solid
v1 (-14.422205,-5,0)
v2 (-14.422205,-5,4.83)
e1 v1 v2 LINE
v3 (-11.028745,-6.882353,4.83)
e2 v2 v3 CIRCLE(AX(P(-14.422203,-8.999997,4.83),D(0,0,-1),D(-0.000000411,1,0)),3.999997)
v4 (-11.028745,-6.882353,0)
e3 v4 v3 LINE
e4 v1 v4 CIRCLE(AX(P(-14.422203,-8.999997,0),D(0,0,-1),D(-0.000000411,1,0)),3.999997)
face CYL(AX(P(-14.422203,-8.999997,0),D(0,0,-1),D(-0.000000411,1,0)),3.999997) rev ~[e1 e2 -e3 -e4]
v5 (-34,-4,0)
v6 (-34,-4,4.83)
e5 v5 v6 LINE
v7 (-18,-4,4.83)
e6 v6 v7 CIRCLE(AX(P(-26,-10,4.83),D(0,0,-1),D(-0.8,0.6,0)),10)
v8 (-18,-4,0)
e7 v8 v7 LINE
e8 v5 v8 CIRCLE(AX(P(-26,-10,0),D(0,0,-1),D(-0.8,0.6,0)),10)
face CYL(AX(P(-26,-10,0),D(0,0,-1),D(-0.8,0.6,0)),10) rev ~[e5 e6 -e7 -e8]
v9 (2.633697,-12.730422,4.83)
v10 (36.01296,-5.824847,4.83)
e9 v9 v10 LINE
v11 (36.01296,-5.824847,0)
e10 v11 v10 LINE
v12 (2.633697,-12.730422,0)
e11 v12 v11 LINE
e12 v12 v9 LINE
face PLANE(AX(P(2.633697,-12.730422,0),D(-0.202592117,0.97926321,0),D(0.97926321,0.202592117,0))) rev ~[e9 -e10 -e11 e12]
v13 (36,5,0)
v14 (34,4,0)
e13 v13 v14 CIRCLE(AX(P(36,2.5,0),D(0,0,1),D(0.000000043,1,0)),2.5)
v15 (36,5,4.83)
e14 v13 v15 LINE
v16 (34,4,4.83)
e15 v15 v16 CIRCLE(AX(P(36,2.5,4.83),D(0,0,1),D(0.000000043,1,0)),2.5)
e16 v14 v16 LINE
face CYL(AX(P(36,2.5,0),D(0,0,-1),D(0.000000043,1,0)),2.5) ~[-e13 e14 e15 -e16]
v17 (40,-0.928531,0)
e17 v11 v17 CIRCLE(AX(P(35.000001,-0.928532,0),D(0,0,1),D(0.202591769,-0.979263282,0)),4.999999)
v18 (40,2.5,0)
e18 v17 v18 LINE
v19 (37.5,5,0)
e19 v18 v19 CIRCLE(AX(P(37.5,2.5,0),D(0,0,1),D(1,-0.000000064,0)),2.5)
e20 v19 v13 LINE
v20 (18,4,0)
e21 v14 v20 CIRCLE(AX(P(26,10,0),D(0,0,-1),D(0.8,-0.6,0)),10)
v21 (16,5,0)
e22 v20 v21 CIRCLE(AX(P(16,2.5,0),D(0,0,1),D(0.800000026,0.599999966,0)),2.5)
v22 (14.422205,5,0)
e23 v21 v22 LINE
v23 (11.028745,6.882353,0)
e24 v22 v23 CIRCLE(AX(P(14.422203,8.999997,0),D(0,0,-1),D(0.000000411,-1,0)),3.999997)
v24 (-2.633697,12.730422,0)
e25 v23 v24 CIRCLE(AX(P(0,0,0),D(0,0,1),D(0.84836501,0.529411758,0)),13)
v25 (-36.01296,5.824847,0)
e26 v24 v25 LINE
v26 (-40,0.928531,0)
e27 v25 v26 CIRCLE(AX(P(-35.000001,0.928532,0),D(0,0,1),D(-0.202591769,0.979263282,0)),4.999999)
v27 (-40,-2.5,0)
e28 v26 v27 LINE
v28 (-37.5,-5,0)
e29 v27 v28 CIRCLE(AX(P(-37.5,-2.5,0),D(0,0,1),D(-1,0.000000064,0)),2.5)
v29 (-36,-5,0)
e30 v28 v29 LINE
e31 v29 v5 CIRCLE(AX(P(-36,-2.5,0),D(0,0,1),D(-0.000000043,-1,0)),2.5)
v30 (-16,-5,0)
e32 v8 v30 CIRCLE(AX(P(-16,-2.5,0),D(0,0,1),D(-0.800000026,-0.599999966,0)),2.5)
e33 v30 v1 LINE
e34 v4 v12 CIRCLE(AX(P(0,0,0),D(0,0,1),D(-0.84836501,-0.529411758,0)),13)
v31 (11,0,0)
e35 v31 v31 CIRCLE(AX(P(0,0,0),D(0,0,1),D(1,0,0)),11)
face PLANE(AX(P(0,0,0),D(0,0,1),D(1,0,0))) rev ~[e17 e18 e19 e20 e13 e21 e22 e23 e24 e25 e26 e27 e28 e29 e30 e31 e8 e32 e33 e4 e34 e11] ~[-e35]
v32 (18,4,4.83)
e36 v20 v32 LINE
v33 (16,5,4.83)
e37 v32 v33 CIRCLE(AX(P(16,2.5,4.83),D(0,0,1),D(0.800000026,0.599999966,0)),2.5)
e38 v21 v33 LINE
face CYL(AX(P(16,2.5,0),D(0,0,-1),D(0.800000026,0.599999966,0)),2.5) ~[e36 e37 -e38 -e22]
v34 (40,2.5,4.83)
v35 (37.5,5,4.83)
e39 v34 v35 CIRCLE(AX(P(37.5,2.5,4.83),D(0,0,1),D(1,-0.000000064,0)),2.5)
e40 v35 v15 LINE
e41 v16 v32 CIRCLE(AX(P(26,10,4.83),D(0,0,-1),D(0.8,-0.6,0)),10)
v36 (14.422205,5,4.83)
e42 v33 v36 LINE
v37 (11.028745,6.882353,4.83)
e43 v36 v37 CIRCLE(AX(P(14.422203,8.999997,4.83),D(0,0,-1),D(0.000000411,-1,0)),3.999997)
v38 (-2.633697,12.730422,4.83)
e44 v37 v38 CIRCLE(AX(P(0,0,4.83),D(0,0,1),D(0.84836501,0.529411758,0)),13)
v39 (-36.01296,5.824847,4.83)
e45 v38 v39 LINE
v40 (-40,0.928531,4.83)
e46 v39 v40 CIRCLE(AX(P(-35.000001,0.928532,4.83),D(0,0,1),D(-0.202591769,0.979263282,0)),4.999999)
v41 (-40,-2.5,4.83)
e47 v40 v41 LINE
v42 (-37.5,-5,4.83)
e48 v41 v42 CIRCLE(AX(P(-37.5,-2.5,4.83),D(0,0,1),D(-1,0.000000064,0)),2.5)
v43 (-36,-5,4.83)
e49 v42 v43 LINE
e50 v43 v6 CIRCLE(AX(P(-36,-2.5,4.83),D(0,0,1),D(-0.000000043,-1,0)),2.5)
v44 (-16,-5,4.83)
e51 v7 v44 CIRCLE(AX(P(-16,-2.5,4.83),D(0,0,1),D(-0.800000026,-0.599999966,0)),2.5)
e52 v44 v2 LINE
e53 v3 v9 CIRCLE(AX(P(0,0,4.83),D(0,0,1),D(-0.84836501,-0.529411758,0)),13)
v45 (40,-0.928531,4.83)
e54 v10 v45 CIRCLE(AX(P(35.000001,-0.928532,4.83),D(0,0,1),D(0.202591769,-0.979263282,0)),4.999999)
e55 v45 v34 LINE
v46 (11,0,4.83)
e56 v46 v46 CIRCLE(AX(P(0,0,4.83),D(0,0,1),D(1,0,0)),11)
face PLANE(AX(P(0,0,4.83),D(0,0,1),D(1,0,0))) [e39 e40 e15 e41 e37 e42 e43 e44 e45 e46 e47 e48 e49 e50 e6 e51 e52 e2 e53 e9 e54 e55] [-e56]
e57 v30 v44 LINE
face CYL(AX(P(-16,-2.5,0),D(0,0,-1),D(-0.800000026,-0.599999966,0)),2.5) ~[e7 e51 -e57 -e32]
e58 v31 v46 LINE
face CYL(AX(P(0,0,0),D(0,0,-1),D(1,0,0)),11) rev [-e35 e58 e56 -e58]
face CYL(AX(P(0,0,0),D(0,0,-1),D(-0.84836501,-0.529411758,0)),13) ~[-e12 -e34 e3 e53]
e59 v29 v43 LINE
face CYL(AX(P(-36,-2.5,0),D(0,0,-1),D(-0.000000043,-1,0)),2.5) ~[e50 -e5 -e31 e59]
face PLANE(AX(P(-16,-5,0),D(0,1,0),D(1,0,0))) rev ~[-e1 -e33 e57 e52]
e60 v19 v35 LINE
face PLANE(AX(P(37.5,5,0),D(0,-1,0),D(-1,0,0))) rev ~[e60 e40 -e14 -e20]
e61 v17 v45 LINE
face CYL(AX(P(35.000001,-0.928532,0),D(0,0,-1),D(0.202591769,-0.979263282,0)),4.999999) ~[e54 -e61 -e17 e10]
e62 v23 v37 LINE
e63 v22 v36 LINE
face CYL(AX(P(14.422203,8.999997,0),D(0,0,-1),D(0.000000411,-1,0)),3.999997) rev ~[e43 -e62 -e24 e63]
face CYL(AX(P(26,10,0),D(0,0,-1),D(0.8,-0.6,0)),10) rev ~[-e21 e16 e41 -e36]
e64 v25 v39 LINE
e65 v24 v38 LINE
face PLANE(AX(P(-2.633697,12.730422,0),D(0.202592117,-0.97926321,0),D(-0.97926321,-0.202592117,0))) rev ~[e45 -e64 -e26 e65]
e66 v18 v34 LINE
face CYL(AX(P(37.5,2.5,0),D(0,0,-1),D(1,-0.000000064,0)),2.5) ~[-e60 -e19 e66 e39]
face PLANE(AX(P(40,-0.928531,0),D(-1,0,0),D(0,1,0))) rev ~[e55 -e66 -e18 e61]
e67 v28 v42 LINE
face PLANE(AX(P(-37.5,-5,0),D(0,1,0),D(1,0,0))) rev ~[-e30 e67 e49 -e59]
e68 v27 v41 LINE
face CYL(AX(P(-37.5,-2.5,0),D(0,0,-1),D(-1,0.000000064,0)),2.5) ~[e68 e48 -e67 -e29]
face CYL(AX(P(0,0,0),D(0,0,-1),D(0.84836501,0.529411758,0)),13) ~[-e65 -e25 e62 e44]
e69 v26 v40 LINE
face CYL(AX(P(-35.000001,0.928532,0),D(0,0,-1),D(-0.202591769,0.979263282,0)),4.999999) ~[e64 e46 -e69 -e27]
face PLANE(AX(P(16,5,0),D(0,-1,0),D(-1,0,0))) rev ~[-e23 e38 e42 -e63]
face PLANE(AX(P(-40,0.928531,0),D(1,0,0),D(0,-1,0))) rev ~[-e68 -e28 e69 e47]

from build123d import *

# Parameters (mm, degrees)
F0_R     = 11
F1_DEPTH = 4.83


with BuildPart() as f1:
    # F0 (on Top) → F1 (new body)
    with BuildSketch(Plane.XY):
        with BuildLine():
            ThreePointArc((-14.422205, -5), (-12.48192, -5.502101), (-11.028745, -6.882353))
            ThreePointArc((-11.028745, -6.882353), (-5.115582, -11.951185), (2.633697, -12.730422))
            Line((2.633697, -12.730422), (36.01296, -5.824847))
            ThreePointArc((36.01296, -5.824847), (38.877164, -4.085682), (40, -0.928531))
            Line((40, -0.928531), (40, 2.5))
            ThreePointArc((40, 2.5), (39.267767, 4.267767), (37.5, 5))
            Line((37.5, 5), (36, 5))
            ThreePointArc((36, 5), (34.881966, 4.736068), (34, 4))
            ThreePointArc((34, 4), (26, 0), (18, 4))
            ThreePointArc((18, 4), (17.118034, 4.736068), (16, 5))
            Line((16, 5), (14.422205, 5))
            ThreePointArc((14.422205, 5), (12.48192, 5.502101), (11.028745, 6.882353))
            ThreePointArc((11.028745, 6.882353), (5.115582, 11.951185), (-2.633697, 12.730422))
            Line((-2.633697, 12.730422), (-36.01296, 5.824847))
            ThreePointArc((-36.01296, 5.824847), (-38.877164, 4.085682), (-40, 0.928531))
            Line((-40, 0.928531), (-40, -2.5))
            ThreePointArc((-40, -2.5), (-39.267767, -4.267767), (-37.5, -5))
            Line((-37.5, -5), (-36, -5))
            ThreePointArc((-36, -5), (-34.881966, -4.736068), (-34, -4))
            ThreePointArc((-34, -4), (-26, 0), (-18, -4))
            ThreePointArc((-18, -4), (-17.118034, -4.736068), (-16, -5))
            Line((-16, -5), (-14.422205, -5))
        make_face()
        Circle(F0_R, mode=Mode.SUBTRACT)
    extrude(amount=F1_DEPTH)


solid = f1.part
